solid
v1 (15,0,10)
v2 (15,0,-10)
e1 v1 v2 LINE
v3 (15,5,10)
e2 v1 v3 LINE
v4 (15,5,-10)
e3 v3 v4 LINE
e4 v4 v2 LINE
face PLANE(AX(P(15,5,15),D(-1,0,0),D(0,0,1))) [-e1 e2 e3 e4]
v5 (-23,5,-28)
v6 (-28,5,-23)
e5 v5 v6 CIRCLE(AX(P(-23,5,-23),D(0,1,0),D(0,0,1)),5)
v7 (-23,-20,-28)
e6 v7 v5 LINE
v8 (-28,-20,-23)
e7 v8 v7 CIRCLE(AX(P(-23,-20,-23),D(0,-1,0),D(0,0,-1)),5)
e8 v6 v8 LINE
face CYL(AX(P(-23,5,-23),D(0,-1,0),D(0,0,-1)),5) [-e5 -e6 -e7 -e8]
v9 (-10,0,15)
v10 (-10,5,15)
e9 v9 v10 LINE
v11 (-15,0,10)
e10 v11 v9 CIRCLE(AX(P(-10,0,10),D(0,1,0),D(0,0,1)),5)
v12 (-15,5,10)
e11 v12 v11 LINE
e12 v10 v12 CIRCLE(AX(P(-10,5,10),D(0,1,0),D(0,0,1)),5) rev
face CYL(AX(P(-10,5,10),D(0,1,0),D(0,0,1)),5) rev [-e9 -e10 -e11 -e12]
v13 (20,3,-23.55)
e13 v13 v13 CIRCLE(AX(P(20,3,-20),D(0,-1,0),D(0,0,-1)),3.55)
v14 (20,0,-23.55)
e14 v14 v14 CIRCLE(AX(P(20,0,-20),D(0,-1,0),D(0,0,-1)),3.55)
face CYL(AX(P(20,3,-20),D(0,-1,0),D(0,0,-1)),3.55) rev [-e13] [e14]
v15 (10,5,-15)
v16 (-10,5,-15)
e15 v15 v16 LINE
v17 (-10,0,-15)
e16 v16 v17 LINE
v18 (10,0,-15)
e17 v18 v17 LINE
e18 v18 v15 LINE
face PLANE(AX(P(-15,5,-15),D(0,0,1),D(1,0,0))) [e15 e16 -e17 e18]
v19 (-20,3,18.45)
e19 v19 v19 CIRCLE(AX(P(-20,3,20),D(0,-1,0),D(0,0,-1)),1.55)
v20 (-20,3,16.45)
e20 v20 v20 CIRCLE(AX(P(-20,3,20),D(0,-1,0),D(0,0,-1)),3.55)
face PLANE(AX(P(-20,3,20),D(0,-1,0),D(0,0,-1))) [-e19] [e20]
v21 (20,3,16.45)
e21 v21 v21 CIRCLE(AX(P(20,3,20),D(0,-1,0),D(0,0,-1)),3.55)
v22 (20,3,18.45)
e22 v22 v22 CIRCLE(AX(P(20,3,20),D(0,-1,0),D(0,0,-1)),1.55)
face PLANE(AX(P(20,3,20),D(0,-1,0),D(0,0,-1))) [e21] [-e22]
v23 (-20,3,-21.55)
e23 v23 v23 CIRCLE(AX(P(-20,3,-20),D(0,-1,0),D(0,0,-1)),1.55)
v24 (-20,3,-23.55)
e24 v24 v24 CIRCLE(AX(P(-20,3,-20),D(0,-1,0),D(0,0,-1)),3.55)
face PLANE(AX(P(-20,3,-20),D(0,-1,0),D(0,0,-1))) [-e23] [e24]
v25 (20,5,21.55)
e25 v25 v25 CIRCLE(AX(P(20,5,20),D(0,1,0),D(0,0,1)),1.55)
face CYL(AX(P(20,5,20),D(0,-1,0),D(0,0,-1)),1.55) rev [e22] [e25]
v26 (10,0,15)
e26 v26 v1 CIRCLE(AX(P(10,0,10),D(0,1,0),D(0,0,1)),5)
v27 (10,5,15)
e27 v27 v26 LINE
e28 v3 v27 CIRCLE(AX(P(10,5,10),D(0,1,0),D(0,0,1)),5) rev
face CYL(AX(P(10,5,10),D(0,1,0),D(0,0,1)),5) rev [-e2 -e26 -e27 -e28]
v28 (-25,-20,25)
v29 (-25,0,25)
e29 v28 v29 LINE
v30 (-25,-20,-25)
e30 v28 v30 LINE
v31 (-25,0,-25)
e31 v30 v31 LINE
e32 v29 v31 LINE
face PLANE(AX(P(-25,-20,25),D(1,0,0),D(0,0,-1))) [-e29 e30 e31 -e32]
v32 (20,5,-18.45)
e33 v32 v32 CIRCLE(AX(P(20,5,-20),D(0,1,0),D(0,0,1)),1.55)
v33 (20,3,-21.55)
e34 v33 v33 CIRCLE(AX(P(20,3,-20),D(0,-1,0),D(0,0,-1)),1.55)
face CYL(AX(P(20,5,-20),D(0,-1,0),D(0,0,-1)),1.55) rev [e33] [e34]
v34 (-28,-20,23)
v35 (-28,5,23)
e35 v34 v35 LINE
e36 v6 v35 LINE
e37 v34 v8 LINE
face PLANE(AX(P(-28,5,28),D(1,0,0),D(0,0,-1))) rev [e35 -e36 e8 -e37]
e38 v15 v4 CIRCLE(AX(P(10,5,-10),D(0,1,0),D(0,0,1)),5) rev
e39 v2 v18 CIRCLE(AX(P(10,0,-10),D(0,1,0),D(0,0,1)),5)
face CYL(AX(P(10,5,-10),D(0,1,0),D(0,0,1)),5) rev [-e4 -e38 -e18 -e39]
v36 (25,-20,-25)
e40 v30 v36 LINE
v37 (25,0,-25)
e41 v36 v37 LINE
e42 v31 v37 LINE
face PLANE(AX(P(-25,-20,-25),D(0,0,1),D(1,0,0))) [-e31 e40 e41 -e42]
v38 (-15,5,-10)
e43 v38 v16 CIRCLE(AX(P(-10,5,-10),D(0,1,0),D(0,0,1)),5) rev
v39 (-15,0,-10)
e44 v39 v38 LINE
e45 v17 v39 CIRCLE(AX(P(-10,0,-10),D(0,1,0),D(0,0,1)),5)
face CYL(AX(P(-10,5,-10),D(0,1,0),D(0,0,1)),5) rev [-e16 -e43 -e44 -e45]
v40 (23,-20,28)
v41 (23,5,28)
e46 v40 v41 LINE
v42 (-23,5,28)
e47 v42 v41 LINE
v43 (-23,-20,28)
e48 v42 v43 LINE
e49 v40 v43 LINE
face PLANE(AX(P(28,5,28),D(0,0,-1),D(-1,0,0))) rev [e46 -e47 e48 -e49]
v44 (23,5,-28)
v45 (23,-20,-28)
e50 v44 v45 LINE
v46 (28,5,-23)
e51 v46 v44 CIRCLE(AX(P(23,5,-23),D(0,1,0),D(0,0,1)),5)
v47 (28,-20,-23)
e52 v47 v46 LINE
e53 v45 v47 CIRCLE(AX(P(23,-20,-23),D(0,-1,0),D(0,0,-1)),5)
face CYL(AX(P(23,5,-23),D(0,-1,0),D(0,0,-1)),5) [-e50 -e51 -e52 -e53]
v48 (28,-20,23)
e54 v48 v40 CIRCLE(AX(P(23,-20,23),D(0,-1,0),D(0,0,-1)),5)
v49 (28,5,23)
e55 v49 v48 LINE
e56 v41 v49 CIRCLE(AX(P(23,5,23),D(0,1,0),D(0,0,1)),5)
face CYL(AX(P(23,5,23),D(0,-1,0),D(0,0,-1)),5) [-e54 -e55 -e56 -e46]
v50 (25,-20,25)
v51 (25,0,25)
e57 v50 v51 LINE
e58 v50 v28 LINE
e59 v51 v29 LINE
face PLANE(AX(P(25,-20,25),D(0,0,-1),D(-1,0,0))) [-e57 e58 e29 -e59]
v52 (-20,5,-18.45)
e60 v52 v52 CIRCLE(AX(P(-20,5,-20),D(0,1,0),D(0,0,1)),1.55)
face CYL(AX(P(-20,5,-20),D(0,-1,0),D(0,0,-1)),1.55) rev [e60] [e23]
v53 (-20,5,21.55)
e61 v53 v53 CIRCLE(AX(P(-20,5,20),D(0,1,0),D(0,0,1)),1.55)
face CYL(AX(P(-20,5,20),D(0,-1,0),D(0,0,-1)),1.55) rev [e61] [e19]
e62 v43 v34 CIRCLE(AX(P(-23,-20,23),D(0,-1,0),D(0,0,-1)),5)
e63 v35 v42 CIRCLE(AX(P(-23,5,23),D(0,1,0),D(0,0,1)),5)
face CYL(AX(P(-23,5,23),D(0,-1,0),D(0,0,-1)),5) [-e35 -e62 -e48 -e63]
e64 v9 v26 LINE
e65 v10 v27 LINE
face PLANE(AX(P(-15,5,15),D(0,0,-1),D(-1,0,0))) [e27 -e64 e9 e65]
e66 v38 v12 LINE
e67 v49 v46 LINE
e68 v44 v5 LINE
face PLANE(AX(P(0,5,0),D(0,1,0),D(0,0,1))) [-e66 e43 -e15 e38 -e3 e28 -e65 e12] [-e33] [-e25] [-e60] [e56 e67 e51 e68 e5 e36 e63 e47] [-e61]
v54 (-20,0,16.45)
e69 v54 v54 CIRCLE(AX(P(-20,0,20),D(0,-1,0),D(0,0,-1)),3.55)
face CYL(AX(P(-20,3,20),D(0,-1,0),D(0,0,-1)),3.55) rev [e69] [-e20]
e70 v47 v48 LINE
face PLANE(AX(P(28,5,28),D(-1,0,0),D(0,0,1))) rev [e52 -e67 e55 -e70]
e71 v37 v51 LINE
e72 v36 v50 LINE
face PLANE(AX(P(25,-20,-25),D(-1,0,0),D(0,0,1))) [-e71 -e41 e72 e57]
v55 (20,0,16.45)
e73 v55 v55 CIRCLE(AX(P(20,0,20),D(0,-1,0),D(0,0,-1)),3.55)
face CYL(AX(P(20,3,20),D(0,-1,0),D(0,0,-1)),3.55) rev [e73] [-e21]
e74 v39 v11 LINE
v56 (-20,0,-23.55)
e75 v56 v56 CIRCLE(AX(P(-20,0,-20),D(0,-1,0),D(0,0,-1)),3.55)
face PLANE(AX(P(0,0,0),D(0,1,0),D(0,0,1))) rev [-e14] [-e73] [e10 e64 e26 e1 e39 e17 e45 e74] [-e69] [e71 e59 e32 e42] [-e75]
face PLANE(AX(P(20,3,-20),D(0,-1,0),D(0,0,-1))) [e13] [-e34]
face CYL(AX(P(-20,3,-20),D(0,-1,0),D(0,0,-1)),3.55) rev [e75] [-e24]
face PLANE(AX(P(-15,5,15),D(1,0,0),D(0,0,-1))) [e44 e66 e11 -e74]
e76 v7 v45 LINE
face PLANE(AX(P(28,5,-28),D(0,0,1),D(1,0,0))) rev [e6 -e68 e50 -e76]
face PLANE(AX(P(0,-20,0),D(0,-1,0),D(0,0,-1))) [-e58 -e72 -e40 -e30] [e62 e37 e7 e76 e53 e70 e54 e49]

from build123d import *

# Parameters (mm, degrees)
SKETCH1_W           = 56
SKETCH1_H           = 56
SKETCH1_R           = 1.55
SKETCH1_W_2         = 30
SKETCH1_H_2         = 30
BOSS_EXTRUDE1_DEPTH = 5
SKETCH2_R           = 3.55
CUT_EXTRUDE1_DEPTH  = 3
FILLET1_R           = 5
SKETCH3_W           = 56
SKETCH3_H           = 56
SKETCH3_W_2         = 50
SKETCH3_H_2         = 50
BOSS_EXTRUDE2_DEPTH = 20
FILLET2_R           = 5


with BuildPart() as part:
    # Sketch1 → Boss-Extrude1 (new body)
    with BuildSketch(Plane(origin=(0, 0, 0), x_dir=(1, 0, 0), z_dir=(0, 1, 0))):
        Rectangle(SKETCH1_W, SKETCH1_H)
        with Locations((-20, 20)):
            Circle(SKETCH1_R, mode=Mode.SUBTRACT)
        with Locations((20, 20)):
            Circle(SKETCH1_R, mode=Mode.SUBTRACT)
        with Locations((20, -20)):
            Circle(SKETCH1_R, mode=Mode.SUBTRACT)
        with Locations((-20, -20)):
            Circle(SKETCH1_R, mode=Mode.SUBTRACT)
        Rectangle(SKETCH1_W_2, SKETCH1_H_2, mode=Mode.SUBTRACT)
    extrude(amount=BOSS_EXTRUDE1_DEPTH)

    # Sketch2 → Cut-Extrude1 (cut)
    with BuildSketch(Plane.XZ):
        with Locations((-20, 20)):
            Circle(SKETCH2_R)
        with Locations((20, 20)):
            Circle(SKETCH2_R)
        with Locations((-20, -20)):
            Circle(SKETCH2_R)
        with Locations((20, -20)):
            Circle(SKETCH2_R)
    extrude(amount=-CUT_EXTRUDE1_DEPTH, mode=Mode.SUBTRACT)

    # Fillet1
    fillet1_edges = [part.edges().sort_by_distance(p)[0] for p in [
        (15, 2.5, 15),
        (15, 2.5, -15),
        (-15, 2.5, -15),
        (-15, 2.5, 15),
    ]]
    fillet(fillet1_edges, radius=FILLET1_R)

    # Sketch3 → Boss-Extrude2 (add)
    with BuildSketch(Plane.XZ):
        Rectangle(SKETCH3_W, SKETCH3_H)
        Rectangle(SKETCH3_W_2, SKETCH3_H_2, mode=Mode.SUBTRACT)
    extrude(amount=BOSS_EXTRUDE2_DEPTH)

    # Fillet2
    fillet2_edges = [part.edges().sort_by_distance(p)[0] for p in [
        (-28, -7.5, -28),
        (28, -7.5, -28),
        (28, -7.5, 28),
        (-28, -7.5, 28),
    ]]
    fillet(fillet2_edges, radius=FILLET2_R)


solid = part.part
